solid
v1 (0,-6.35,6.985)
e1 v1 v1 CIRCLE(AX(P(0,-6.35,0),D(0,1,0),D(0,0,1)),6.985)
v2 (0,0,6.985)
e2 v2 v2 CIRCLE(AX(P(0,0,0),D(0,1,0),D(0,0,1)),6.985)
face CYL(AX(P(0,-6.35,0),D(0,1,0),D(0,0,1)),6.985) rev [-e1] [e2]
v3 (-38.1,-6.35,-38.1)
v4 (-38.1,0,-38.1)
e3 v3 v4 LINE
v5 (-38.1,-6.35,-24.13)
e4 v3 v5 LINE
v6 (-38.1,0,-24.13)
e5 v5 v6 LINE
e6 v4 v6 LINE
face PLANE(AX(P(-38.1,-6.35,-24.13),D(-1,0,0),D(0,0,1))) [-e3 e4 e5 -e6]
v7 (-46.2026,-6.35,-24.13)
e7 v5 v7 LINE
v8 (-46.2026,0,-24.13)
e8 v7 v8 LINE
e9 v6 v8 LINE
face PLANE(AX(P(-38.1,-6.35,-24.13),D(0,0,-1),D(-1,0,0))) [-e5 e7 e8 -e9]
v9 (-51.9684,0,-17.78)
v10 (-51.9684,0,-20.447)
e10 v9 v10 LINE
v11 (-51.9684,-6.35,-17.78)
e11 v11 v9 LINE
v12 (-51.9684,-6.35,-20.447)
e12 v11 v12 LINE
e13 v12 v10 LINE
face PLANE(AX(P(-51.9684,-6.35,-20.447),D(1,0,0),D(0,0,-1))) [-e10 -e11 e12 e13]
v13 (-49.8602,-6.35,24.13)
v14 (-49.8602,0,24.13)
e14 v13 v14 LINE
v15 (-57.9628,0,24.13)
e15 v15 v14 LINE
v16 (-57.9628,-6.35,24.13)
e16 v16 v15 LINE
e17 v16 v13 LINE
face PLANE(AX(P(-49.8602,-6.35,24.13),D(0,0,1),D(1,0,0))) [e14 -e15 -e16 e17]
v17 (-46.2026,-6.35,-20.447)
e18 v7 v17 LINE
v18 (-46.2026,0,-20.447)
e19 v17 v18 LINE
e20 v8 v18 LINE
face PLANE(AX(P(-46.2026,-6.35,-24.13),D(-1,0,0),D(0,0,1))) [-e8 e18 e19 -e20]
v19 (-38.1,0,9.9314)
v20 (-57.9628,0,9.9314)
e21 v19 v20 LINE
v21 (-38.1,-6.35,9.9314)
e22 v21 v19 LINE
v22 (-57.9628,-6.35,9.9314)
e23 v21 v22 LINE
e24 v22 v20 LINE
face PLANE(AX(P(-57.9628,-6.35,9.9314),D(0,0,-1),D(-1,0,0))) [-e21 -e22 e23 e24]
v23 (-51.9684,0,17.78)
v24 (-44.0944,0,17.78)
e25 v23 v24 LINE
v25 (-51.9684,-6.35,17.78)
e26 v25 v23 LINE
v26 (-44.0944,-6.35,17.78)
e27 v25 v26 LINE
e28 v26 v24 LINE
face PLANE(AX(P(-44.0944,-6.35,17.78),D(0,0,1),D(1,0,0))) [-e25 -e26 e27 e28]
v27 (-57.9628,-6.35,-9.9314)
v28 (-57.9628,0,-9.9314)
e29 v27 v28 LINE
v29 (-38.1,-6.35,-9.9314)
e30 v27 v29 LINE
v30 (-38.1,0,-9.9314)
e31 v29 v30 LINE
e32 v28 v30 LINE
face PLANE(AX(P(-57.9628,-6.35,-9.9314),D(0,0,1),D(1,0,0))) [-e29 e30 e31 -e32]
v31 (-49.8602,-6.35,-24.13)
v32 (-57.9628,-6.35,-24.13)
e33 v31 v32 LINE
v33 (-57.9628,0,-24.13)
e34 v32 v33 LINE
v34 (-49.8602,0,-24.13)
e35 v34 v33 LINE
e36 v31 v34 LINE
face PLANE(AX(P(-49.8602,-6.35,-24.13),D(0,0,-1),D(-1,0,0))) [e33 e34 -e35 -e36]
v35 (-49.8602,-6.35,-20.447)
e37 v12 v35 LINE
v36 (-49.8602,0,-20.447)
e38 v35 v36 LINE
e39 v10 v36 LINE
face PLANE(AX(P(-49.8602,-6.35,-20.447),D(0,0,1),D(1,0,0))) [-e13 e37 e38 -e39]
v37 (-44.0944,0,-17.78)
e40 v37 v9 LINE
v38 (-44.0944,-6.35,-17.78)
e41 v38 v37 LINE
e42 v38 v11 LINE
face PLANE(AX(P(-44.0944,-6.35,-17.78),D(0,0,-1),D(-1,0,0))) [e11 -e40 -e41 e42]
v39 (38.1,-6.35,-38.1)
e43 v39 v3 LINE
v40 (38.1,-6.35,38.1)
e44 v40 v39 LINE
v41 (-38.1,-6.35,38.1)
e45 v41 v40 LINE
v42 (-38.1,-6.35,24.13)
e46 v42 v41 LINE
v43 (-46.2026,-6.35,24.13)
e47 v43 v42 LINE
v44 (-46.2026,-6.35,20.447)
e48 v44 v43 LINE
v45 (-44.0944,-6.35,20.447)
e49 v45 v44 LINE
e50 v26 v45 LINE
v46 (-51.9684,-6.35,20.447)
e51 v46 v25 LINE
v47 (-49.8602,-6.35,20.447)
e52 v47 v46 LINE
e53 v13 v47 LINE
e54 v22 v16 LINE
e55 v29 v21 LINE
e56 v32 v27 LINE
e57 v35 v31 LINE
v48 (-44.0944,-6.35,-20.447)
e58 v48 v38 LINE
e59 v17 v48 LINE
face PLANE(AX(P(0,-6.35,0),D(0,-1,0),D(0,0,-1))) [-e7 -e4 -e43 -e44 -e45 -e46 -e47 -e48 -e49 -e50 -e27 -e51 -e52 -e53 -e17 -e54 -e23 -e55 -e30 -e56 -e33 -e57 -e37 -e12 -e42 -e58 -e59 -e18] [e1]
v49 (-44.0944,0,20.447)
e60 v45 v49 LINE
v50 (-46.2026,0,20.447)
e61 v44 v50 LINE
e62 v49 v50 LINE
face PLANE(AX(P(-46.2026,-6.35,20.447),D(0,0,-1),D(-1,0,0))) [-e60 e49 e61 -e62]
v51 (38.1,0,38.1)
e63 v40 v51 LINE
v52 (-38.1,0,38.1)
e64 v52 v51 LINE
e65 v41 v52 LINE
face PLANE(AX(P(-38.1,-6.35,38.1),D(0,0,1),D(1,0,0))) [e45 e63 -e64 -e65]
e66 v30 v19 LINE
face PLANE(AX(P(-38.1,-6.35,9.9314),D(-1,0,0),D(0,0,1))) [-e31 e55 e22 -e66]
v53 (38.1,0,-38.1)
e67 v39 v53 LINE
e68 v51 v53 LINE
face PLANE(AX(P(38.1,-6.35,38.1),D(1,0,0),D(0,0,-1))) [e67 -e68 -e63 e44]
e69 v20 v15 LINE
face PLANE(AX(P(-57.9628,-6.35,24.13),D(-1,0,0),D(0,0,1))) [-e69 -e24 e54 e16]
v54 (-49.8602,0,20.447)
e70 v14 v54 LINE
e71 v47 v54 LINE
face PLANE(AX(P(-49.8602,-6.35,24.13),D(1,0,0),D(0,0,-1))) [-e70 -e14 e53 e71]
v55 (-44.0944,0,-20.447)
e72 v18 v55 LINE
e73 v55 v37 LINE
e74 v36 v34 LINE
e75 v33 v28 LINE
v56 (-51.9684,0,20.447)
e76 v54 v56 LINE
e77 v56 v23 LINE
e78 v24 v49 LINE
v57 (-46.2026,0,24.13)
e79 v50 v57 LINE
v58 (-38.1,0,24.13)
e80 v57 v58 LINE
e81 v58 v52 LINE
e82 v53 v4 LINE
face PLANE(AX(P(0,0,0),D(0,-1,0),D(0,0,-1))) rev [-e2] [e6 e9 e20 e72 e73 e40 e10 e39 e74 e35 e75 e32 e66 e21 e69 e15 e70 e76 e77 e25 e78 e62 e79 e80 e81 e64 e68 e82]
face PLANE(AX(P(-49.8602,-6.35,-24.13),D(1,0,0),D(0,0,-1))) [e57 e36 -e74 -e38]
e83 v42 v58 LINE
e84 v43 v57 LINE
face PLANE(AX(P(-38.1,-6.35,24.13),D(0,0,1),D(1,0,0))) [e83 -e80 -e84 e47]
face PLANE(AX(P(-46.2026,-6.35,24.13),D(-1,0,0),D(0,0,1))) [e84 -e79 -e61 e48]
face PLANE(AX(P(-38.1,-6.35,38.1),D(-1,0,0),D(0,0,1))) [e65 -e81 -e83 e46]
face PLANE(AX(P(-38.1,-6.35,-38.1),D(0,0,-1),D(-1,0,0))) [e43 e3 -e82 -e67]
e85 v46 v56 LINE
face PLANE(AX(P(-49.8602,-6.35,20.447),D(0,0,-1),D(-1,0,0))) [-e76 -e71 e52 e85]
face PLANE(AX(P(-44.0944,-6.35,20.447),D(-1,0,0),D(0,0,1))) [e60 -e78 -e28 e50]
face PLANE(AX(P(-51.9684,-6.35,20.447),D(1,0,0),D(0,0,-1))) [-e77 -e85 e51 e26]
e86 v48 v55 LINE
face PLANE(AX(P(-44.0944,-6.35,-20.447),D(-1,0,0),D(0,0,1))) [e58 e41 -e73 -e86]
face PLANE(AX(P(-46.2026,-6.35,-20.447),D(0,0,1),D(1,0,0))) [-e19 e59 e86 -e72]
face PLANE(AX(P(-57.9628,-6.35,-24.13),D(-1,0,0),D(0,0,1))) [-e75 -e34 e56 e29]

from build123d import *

# Parameters (mm, degrees)
SKETCH1_R           = 6.985
BOSS_EXTRUDE1_DEPTH = 6.35


with BuildPart() as part:
    # Sketch1 → Boss-Extrude1 (new body)
    with BuildSketch(Plane(origin=(0, 0, 0), x_dir=(1, 0, 0), z_dir=(0, 1, 0))):
        Polygon((-38.1, -38.1), (38.1, -38.1), (38.1, 38.1), (-38.1, 38.1), (-38.1, 24.13), (-46.2026, 24.13), (-46.2026, 20.447), (-44.0944, 20.447), (-44.0944, 17.78), (-51.9684, 17.78), (-51.9684, 20.447), (-49.8602, 20.447), (-49.8602, 24.13), (-57.9628, 24.13), (-57.9628, 9.9314), (-38.1, 9.9314), (-38.1, -9.9314), (-57.9628, -9.9314), (-57.9628, -24.13), (-49.8602, -24.13), (-49.8602, -20.447), (-51.9684, -20.447), (-51.9684, -17.78), (-44.0944, -17.78), (-44.0944, -20.447), (-46.2026, -20.447), (-46.2026, -24.13), (-38.1, -24.13), align=None)
        Circle(SKETCH1_R, mode=Mode.SUBTRACT)
    extrude(amount=-BOSS_EXTRUDE1_DEPTH)


solid = part.part
